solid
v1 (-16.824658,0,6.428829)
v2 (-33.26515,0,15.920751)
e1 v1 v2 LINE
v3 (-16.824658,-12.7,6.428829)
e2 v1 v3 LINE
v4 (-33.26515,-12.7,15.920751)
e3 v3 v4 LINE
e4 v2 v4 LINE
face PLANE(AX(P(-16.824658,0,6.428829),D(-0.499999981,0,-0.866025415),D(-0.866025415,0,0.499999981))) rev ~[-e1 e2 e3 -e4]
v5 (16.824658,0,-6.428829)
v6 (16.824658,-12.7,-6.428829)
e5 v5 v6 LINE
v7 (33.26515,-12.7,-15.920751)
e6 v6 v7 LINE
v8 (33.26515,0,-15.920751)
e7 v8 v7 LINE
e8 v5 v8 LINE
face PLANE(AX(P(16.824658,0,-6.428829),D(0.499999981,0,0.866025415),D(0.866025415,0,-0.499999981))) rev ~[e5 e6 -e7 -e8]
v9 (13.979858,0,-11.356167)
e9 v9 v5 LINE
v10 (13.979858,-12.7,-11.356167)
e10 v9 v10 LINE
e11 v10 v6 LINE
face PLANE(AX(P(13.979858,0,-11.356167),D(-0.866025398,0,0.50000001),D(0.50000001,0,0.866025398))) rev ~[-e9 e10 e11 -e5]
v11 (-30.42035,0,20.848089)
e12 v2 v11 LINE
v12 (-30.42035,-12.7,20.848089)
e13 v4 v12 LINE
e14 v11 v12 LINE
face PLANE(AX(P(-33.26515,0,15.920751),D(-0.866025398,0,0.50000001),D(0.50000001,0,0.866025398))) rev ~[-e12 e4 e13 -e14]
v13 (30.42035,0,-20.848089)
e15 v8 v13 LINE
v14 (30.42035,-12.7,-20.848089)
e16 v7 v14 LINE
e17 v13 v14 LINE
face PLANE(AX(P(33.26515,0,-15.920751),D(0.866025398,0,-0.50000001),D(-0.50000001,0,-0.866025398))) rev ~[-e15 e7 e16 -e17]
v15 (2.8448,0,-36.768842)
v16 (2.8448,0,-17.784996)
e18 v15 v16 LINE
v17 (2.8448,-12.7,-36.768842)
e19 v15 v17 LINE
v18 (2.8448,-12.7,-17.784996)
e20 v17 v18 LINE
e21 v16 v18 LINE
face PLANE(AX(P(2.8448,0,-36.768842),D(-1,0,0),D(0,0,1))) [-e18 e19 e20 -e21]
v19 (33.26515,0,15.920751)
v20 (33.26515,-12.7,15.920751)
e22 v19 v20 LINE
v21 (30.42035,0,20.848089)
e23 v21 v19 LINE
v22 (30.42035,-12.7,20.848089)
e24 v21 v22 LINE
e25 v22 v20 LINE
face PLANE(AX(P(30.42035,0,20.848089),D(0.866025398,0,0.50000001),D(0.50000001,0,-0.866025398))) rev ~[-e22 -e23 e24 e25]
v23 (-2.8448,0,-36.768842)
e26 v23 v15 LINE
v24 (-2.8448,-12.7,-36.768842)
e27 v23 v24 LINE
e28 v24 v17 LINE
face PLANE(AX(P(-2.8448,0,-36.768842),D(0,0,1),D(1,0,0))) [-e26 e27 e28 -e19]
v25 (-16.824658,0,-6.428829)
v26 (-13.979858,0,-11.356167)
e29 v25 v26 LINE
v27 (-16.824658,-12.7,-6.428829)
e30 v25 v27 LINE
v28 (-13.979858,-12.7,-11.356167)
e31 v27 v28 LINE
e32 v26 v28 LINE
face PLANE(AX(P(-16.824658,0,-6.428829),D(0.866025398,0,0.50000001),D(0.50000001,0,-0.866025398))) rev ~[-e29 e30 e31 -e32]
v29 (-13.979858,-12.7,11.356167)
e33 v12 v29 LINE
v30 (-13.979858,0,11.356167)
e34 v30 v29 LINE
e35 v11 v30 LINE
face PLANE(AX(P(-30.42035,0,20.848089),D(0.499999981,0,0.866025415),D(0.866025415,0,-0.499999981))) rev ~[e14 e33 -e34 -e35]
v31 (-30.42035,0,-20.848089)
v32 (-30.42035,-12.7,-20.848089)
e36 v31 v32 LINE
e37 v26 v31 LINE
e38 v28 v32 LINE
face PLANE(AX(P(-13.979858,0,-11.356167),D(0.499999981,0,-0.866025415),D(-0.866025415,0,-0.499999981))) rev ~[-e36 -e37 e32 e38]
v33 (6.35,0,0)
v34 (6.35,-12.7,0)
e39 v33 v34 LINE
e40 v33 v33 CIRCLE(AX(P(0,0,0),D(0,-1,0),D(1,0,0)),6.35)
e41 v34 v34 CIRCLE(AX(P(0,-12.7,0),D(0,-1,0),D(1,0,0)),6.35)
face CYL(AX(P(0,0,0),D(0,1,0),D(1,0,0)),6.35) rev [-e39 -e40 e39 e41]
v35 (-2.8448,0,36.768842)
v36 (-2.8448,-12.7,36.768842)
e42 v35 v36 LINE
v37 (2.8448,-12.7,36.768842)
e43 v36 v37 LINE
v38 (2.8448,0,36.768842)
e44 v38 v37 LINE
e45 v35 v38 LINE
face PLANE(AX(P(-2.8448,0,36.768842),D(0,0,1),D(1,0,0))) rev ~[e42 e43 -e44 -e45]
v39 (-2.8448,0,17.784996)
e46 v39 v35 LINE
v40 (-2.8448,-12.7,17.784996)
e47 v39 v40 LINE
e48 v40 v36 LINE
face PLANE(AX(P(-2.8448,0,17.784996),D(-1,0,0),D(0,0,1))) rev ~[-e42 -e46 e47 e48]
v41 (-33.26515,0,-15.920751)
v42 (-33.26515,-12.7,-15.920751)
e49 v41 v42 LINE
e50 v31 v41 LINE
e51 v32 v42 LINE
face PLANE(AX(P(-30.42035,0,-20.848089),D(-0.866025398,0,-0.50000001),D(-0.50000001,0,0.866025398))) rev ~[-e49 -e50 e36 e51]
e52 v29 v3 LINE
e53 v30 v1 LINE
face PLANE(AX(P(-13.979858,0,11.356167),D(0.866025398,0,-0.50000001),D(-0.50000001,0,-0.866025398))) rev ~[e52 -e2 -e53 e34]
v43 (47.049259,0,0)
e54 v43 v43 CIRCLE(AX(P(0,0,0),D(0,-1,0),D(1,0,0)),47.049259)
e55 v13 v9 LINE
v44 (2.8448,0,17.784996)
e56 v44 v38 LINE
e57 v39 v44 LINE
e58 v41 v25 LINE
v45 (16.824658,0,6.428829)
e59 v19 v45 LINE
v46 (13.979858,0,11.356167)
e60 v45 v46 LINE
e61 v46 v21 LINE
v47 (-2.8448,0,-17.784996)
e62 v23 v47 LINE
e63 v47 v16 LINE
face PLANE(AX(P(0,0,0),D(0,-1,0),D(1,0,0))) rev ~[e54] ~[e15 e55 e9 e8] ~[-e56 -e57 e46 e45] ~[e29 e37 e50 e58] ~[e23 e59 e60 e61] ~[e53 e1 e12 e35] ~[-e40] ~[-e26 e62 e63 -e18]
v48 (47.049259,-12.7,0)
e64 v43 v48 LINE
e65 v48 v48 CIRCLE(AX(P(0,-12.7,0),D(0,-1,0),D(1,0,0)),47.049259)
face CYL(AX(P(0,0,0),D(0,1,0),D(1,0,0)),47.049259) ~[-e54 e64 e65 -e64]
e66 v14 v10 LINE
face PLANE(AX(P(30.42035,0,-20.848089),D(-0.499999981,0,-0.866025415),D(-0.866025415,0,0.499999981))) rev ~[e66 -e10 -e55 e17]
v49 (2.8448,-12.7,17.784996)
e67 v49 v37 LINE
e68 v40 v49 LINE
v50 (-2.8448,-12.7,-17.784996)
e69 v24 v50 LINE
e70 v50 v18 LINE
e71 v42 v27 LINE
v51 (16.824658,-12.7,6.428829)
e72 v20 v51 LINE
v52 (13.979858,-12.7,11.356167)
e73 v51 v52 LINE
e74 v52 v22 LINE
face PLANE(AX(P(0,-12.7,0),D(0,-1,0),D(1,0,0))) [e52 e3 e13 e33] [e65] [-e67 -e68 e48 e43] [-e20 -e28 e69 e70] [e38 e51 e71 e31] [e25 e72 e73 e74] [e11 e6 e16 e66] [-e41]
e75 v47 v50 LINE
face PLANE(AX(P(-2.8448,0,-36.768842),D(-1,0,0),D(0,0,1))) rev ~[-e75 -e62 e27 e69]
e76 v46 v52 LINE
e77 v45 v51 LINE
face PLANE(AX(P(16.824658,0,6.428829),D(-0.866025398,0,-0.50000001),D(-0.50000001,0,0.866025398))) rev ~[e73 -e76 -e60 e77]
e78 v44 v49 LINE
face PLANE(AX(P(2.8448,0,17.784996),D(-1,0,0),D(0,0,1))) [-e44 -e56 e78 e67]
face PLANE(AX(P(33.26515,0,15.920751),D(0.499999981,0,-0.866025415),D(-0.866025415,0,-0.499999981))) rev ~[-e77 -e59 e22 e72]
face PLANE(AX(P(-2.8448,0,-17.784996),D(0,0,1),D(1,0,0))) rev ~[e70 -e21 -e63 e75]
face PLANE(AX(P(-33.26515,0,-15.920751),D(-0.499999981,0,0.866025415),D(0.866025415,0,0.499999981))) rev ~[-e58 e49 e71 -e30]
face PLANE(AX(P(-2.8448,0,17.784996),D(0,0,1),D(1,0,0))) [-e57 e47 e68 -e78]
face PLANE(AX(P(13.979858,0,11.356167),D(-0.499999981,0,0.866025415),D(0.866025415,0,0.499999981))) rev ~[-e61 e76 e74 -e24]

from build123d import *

# Parameters (mm, degrees)
F0_R     = 47.049259
F0_W     = 5.6896
F0_H     = 18.983845
F0_R_2   = 6.35
F1_DEPTH = 12.7


with BuildPart() as f1:
    # F0 (on Front) → F1 (new body)
    with BuildSketch(Plane.XZ):
        Circle(F0_R)
        Polygon((-33.26515, -15.920751), (-16.824658, -6.428829), (-13.979858, -11.356167), (-30.42035, -20.848089), align=None, mode=Mode.SUBTRACT)
        with Locations((0, -27.276919)):
            Rectangle(F0_W, F0_H, mode=Mode.SUBTRACT)
        Polygon((30.42035, -20.848089), (13.979858, -11.356167), (16.824658, -6.428829), (33.26515, -15.920751), align=None, mode=Mode.SUBTRACT)
        Polygon((-30.42035, 20.848089), (-13.979858, 11.356167), (-16.824658, 6.428829), (-33.26515, 15.920751), align=None, mode=Mode.SUBTRACT)
        Circle(F0_R_2, mode=Mode.SUBTRACT)
        Polygon((33.26515, 15.920751), (16.824658, 6.428829), (13.979858, 11.356167), (30.42035, 20.848089), align=None, mode=Mode.SUBTRACT)
        with Locations((0, 27.276919)):
            Rectangle(F0_W, F0_H, mode=Mode.SUBTRACT)
    extrude(amount=F1_DEPTH)


solid = f1.part
